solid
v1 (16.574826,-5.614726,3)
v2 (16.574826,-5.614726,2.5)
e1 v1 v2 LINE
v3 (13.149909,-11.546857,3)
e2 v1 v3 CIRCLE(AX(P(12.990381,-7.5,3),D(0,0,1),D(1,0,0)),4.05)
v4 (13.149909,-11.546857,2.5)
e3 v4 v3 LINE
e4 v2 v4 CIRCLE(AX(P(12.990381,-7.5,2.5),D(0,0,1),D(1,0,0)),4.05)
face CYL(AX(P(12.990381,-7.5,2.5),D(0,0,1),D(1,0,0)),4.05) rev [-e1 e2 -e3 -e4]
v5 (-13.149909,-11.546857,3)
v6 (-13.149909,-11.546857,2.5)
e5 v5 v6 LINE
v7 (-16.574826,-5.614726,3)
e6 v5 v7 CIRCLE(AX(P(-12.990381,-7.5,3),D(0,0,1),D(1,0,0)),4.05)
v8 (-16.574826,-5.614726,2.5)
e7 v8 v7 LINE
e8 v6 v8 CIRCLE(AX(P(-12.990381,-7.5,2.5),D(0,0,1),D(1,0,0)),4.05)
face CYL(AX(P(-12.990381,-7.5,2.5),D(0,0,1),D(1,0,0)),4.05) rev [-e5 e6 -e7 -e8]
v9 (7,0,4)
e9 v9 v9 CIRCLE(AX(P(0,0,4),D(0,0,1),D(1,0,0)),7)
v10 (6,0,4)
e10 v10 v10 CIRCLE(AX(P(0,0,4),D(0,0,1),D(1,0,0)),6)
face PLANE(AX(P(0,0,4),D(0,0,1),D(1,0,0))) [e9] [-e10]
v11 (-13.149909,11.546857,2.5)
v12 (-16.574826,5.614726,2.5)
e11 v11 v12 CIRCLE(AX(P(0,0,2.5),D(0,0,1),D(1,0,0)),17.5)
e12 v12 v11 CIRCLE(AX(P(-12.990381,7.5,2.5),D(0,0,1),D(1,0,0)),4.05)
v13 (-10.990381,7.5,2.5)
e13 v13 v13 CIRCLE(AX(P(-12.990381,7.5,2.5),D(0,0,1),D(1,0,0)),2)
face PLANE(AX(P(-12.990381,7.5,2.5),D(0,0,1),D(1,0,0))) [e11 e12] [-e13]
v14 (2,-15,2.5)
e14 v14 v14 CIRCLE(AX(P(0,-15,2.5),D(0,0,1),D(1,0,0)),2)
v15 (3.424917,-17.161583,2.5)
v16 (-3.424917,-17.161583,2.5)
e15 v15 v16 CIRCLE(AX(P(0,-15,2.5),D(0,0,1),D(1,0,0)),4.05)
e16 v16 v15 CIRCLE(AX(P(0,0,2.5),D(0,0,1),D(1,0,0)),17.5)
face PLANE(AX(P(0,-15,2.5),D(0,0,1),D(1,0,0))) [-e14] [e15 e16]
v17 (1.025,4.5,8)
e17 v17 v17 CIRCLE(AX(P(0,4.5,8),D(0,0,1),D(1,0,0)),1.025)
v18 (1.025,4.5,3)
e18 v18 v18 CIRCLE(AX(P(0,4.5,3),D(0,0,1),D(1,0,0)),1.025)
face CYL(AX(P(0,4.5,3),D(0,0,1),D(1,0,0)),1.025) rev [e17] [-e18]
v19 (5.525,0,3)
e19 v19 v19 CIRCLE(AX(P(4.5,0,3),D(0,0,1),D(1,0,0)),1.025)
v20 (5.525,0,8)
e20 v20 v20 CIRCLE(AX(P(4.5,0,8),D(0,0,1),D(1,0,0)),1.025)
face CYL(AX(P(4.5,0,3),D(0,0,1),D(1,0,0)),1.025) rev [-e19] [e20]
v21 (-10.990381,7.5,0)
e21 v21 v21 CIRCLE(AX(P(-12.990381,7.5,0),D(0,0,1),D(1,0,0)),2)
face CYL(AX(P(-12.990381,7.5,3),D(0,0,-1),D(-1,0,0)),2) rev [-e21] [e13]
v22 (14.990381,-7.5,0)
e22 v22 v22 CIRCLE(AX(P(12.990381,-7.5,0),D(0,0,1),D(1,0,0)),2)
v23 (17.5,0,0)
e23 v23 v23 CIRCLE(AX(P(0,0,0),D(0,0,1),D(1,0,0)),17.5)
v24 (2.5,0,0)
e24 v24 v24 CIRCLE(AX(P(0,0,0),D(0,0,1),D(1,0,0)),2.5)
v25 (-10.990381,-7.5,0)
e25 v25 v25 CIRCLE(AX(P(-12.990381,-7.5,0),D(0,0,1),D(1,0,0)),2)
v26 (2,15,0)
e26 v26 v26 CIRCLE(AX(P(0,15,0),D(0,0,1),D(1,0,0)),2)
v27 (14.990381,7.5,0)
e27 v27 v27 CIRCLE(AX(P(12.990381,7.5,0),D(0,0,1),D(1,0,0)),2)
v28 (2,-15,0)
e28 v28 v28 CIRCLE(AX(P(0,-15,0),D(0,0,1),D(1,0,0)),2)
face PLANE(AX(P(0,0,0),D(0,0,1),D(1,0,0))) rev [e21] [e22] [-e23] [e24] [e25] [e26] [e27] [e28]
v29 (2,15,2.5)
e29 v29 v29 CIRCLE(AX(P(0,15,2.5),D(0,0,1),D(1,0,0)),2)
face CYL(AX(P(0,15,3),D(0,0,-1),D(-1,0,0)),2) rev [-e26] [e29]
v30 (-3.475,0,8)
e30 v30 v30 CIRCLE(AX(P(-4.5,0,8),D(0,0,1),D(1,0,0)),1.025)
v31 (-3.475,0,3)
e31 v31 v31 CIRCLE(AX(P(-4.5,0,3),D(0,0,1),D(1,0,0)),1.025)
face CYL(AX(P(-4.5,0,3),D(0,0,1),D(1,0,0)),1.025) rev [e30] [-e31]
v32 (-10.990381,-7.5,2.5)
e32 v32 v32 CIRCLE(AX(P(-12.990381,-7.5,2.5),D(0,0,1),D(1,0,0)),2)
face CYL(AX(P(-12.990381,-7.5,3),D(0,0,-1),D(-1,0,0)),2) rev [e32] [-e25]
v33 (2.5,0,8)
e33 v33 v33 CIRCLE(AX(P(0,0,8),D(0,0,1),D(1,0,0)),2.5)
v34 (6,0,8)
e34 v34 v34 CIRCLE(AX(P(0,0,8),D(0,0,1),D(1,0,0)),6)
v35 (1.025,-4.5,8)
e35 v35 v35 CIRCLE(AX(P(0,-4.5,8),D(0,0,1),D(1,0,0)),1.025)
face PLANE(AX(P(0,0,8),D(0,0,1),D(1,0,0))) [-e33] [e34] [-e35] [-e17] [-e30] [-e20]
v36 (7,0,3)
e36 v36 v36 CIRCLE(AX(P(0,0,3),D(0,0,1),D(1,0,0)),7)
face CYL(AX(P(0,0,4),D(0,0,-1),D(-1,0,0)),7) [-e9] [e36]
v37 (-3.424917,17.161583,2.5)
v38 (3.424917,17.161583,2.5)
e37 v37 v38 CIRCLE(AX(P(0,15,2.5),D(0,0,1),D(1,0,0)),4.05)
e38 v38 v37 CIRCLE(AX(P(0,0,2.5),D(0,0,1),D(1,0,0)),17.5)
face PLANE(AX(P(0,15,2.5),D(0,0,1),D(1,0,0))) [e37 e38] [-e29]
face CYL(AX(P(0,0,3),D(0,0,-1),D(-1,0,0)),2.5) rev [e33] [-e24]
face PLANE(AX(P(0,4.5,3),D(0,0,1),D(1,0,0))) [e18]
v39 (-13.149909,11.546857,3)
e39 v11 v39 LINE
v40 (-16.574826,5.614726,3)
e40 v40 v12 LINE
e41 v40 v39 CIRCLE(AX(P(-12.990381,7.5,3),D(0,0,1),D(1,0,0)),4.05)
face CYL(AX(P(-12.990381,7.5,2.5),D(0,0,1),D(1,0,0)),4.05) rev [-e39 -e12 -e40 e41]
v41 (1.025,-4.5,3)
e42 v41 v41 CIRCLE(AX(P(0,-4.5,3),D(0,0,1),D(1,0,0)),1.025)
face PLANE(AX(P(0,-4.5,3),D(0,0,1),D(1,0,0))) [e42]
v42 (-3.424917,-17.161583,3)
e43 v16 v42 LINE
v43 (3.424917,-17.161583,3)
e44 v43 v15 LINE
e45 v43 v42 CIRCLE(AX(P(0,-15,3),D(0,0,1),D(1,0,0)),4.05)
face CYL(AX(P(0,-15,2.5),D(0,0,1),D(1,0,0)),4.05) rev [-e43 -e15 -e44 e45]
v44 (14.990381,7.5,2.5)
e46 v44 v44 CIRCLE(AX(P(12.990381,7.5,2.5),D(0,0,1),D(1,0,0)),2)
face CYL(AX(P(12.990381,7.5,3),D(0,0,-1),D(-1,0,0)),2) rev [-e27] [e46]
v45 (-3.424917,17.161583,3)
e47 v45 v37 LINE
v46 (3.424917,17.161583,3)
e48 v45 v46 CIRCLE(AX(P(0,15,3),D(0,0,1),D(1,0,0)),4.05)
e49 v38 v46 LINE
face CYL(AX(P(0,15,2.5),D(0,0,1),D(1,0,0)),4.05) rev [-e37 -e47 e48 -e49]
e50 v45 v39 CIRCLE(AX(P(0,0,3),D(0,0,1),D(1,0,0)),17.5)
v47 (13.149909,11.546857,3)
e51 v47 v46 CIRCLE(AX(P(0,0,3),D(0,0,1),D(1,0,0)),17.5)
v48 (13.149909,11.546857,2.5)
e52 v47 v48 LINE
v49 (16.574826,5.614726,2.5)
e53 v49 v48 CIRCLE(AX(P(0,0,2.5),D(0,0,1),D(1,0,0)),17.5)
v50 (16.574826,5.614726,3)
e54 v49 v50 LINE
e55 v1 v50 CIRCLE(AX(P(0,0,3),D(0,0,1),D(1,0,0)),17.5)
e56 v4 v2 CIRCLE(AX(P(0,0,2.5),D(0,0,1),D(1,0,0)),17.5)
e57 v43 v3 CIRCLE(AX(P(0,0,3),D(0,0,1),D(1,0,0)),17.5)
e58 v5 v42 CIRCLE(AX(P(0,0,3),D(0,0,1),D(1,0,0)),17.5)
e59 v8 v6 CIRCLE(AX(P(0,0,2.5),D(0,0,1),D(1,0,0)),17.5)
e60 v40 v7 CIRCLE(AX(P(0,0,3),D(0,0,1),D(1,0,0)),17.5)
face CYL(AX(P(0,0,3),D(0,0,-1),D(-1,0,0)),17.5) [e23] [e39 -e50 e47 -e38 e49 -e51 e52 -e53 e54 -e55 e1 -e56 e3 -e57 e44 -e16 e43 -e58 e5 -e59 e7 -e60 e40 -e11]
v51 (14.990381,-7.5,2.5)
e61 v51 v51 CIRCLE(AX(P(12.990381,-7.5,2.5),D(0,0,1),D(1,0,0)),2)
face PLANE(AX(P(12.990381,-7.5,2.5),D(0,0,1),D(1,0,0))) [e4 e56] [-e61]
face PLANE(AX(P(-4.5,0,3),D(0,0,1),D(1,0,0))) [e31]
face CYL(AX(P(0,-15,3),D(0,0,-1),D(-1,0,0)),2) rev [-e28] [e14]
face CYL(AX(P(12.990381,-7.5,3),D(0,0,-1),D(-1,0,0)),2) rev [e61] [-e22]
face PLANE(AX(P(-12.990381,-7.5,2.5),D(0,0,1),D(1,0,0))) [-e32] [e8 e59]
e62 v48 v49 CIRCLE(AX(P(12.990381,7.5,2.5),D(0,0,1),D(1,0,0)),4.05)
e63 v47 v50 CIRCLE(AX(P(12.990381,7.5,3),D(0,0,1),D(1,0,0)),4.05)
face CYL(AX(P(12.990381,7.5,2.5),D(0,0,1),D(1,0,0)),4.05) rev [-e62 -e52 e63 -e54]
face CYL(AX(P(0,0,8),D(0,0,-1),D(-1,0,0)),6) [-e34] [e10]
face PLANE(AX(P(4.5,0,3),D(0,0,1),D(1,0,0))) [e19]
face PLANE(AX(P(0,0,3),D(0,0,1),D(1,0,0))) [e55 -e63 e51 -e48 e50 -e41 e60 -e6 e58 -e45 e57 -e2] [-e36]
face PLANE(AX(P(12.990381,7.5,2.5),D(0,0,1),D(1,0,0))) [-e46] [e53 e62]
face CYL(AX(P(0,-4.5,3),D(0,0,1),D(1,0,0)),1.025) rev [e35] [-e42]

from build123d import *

# Parameters (mm, degrees)
SKETCH_1_R          = 17.5
SKETCH_1_R_2        = 2.5
SKETCH_1_R_3        = 2
EXTRUDE_1_DEPTH     = 3
SKETCH_2_R          = 6
SKETCH_2_R_2        = 2.5
EXTRUDE_2_DEPTH     = 5
SKETCH_4_R          = 4.05
CUT_EXTRUDE_2_DEPTH = 0.5
SKETCH_5_R          = 1.025
CUT_EXTRUDE_3_DEPTH = 5
SKETCH_6_R          = 7
SKETCH_6_R_2        = 5.979713823
EXTRUDE_4_DEPTH     = 1


with BuildPart() as part:
    # 草图1 → 凸台-拉伸1 (new body)
    with BuildSketch(Plane.XY):
        Circle(SKETCH_1_R)
        Circle(SKETCH_1_R_2, mode=Mode.SUBTRACT)
        with Locations((0, 15)):
            Circle(SKETCH_1_R_3, mode=Mode.SUBTRACT)
        with Locations((12.990381057, 7.5)):
            Circle(SKETCH_1_R_3, mode=Mode.SUBTRACT)
        with Locations((12.990381057, -7.5)):
            Circle(SKETCH_1_R_3, mode=Mode.SUBTRACT)
        with Locations((0, -15)):
            Circle(SKETCH_1_R_3, mode=Mode.SUBTRACT)
        with Locations((-12.990381057, -7.5)):
            Circle(SKETCH_1_R_3, mode=Mode.SUBTRACT)
        with Locations((-12.990381057, 7.5)):
            Circle(SKETCH_1_R_3, mode=Mode.SUBTRACT)
    extrude(amount=EXTRUDE_1_DEPTH)

    # 草图2 → 凸台-拉伸2 (add)
    with BuildSketch(Plane.XY.offset(3)):
        Circle(SKETCH_2_R)
        Circle(SKETCH_2_R_2, mode=Mode.SUBTRACT)
    extrude(amount=EXTRUDE_2_DEPTH)

    # 草图4 → 切除-拉伸2 (cut)
    with BuildSketch(Plane.XY.offset(3)):
        with Locations((12.990381057, 7.5)):
            Circle(SKETCH_4_R)
        with Locations((12.990381057, -7.5)):
            Circle(SKETCH_4_R)
        with Locations((0, -15)):
            Circle(SKETCH_4_R)
        with Locations((-12.990381057, -7.5)):
            Circle(SKETCH_4_R)
        with Locations((-12.990381057, 7.5)):
            Circle(SKETCH_4_R)
        with Locations((0, 15)):
            Circle(SKETCH_4_R)
    extrude(amount=-CUT_EXTRUDE_2_DEPTH, mode=Mode.SUBTRACT)

    # 草图5 → 切除-拉伸3 (cut)
    with BuildSketch(Plane.XY.offset(8)):
        with Locations((0, 4.5)):
            Circle(SKETCH_5_R)
        with Locations((4.5, 0)):
            Circle(SKETCH_5_R)
        with Locations((0, -4.5)):
            Circle(SKETCH_5_R)
        with Locations((-4.5, 0)):
            Circle(SKETCH_5_R)
    extrude(amount=-CUT_EXTRUDE_3_DEPTH, mode=Mode.SUBTRACT)

    # 草图6 → 凸台-拉伸4 (add)
    with BuildSketch(Plane.XY.offset(3)):
        Circle(SKETCH_6_R)
        Circle(SKETCH_6_R_2, mode=Mode.SUBTRACT)
    extrude(amount=EXTRUDE_4_DEPTH)


solid = part.part
